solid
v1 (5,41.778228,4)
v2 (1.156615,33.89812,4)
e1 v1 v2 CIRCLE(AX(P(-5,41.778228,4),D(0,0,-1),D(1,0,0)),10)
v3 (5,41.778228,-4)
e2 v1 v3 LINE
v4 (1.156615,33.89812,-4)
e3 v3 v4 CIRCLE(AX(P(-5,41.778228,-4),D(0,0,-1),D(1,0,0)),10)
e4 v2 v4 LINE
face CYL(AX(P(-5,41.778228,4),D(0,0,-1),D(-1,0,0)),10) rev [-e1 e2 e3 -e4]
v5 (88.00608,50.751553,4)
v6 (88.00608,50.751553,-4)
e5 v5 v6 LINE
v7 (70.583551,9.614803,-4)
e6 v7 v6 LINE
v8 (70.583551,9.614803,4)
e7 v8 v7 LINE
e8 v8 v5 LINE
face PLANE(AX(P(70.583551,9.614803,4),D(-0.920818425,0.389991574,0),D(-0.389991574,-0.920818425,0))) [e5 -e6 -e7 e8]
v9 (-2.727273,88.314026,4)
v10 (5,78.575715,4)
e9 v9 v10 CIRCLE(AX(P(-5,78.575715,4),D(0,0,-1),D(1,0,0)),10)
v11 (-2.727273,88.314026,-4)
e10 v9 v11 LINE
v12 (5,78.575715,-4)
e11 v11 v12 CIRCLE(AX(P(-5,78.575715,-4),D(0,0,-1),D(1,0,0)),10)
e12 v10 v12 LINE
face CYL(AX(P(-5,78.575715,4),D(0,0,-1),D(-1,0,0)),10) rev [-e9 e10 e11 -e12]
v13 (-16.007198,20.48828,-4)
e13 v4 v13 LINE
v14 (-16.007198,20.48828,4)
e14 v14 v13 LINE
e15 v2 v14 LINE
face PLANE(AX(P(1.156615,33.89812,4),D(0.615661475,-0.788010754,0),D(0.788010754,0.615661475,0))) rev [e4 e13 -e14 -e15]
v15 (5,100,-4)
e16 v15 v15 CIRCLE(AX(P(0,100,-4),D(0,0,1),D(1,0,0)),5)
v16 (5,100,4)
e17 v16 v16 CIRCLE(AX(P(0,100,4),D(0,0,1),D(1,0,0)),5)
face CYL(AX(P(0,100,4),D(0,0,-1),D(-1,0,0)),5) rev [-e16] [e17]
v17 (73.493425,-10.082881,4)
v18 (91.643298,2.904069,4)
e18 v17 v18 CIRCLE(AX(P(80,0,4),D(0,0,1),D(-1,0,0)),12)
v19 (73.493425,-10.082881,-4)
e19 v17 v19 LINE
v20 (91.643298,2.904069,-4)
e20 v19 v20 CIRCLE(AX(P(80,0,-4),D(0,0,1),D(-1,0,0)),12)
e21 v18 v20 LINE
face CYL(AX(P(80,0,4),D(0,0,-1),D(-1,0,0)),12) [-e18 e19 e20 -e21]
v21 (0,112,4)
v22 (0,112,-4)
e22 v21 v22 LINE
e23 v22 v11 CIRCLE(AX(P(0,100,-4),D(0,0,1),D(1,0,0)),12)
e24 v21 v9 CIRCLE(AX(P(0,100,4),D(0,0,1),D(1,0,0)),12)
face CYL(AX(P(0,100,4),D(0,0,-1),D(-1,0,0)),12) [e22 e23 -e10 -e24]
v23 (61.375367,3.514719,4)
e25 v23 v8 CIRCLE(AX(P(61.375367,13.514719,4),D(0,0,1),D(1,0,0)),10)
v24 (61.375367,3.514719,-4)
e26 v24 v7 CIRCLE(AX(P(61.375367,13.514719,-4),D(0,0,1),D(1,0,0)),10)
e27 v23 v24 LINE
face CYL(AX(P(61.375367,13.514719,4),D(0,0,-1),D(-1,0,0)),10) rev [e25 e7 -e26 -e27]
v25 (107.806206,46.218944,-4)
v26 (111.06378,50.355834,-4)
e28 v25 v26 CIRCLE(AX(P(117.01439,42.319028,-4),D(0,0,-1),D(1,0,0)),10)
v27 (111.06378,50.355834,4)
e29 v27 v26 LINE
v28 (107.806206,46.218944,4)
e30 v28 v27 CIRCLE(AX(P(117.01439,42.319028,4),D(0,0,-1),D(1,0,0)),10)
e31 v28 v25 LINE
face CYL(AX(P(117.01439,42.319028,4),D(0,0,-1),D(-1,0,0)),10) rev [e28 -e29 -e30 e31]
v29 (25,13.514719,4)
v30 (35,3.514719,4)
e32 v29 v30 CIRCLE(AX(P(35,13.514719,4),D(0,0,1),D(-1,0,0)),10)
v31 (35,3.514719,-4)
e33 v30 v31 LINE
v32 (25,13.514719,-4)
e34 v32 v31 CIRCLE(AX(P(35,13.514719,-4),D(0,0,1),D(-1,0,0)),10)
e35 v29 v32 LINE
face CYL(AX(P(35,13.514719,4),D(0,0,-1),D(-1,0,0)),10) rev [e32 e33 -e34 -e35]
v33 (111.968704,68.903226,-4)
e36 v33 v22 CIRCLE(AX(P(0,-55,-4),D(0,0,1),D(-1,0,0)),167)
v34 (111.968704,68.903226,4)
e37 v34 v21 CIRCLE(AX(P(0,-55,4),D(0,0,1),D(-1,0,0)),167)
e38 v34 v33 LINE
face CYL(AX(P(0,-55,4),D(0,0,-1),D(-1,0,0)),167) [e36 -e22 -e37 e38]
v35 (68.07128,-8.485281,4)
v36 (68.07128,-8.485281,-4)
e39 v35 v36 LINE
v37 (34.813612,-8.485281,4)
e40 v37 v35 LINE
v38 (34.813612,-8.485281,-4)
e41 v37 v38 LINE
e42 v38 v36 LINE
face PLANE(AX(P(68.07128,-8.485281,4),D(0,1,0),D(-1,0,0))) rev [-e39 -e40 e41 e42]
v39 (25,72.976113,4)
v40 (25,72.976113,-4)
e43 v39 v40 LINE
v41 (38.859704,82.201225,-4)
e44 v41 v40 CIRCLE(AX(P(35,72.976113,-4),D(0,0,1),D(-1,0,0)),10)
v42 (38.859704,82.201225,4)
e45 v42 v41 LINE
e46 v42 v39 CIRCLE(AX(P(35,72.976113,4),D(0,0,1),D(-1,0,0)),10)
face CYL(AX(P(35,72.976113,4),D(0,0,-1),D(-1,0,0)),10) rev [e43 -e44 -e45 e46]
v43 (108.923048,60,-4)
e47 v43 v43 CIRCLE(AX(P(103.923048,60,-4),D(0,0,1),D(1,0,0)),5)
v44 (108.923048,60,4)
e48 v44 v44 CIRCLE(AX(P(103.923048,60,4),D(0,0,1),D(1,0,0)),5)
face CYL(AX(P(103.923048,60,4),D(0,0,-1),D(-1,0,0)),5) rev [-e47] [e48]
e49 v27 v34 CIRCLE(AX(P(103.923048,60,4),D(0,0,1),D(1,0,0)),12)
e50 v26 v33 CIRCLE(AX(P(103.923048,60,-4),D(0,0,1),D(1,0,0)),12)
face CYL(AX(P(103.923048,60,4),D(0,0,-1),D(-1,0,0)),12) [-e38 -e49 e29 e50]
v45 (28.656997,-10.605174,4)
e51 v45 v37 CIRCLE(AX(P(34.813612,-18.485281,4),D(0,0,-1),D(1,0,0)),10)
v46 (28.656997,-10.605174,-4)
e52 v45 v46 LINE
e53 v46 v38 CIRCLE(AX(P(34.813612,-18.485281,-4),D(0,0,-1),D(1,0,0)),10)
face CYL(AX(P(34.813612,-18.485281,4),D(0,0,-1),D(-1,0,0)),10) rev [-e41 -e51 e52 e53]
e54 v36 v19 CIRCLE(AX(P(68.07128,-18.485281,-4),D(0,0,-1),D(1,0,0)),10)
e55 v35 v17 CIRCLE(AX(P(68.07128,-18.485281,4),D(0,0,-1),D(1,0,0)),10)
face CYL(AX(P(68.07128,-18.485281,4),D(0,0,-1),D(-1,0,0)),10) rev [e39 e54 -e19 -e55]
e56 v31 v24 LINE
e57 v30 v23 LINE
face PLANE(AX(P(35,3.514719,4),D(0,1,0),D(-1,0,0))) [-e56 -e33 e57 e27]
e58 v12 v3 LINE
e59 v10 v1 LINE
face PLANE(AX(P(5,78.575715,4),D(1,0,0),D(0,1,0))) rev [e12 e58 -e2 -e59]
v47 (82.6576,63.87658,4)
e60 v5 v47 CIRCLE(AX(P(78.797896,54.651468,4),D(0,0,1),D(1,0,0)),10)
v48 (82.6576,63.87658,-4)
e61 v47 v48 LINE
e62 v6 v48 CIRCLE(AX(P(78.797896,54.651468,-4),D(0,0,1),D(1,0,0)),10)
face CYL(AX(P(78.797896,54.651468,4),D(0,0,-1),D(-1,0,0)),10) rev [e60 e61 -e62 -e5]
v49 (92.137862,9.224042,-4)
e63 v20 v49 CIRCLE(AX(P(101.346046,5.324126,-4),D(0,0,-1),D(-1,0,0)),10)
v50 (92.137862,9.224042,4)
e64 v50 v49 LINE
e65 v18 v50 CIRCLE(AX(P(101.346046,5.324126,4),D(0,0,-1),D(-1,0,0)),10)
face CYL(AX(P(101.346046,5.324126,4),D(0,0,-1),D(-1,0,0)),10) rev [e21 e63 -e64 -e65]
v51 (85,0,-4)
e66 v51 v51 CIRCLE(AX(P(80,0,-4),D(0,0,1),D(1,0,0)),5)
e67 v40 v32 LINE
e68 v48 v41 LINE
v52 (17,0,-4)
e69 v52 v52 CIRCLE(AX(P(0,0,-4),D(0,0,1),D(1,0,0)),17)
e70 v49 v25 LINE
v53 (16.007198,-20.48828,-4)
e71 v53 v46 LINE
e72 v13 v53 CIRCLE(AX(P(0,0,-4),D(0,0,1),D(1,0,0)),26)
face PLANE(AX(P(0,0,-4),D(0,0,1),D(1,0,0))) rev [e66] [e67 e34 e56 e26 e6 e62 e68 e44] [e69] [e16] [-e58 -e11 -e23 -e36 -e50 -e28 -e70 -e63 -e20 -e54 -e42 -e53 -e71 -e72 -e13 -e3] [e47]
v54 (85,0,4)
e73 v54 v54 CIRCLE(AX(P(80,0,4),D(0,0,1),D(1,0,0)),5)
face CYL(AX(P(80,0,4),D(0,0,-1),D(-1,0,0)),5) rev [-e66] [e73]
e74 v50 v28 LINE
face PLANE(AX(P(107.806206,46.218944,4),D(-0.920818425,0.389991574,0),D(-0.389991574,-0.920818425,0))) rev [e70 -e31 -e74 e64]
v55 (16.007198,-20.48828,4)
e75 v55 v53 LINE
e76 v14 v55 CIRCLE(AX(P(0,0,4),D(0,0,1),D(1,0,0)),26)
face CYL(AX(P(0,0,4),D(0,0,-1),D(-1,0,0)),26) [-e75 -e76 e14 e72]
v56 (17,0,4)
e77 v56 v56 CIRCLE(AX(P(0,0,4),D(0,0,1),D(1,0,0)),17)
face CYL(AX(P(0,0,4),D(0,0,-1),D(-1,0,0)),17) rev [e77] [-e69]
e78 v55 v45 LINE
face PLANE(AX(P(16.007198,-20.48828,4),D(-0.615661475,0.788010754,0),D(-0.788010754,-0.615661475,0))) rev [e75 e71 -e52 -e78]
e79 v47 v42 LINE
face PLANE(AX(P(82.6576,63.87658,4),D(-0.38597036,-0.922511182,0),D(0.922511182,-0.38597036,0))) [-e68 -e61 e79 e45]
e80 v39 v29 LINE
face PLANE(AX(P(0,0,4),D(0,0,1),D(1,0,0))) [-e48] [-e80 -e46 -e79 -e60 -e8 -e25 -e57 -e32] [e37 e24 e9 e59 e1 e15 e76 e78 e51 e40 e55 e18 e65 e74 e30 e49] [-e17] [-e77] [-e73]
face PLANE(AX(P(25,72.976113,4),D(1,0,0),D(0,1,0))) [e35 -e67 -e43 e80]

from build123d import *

# Parameters (mm, degrees)
SKETCH1_R           = 17
SKETCH1_R_2         = 5
BOSS_EXTRUDE1_DEPTH = 4


with BuildPart() as part:
    # Sketch1 → Boss-Extrude1 (new, symmetric)
    with BuildSketch(Plane.XY):
        with BuildLine():
            Line((5, 78.575714714), (5, 41.77822761))
            ThreePointArc((5, 41.77822761), (3.987940463, 37.394516142), (1.156614753, 33.898120074))
            Line((1.156614753, 33.898120074), (-16.007198358, 20.488279594))
            ThreePointArc((-16.007198358, 20.488279594), (-20.488279594, -16.007198358), (16.007198358, -20.488279594))
            Line((16.007198358, -20.488279594), (28.65699687, -10.605173838))
            ThreePointArc((28.65699687, -10.605173838), (31.557930079, -9.030095618), (34.813611624, -8.485281374))
            Line((34.813611624, -8.485281374), (68.071279511, -8.485281374))
            ThreePointArc((68.071279511, -8.485281374), (70.897583966, -8.892992642), (73.493425188, -10.08288075))
            ThreePointArc((73.493425188, -10.08288075), (86.982957468, -9.759011477), (91.643297853, 2.904068715))
            ThreePointArc((91.643297853, 2.904068715), (91.376524695, 6.104282152), (92.137861813, 9.224041719))
            Line((92.137861813, 9.224041719), (107.806206108, 46.218943848))
            ThreePointArc((107.806206108, 46.218943848), (109.157818303, 48.505648792), (111.063780403, 50.355833512))
            ThreePointArc((111.063780403, 50.355833512), (115.90879124, 59.4152181), (111.968703818, 68.903225806))
            ThreePointArc((111.968703818, 68.903225806), (59.988170877, 100.853839718), (0, 112))
            ThreePointArc((0, 112), (-11.921234951, 101.372646075), (-2.727272727, 88.314026208))
            ThreePointArc((-2.727272727, 88.314026208), (2.833494518, 84.791530319), (5, 78.575714714))
        make_face()
        Circle(SKETCH1_R, mode=Mode.SUBTRACT)
        with Locations((0, 100)):
            Circle(SKETCH1_R_2, mode=Mode.SUBTRACT)
        with Locations((80, 0)):
            Circle(SKETCH1_R_2, mode=Mode.SUBTRACT)
        with Locations((103.923048454, 60)):
            Circle(SKETCH1_R_2, mode=Mode.SUBTRACT)
        with BuildLine():
            Line((25, 72.976113171), (25, 13.514718626))
            ThreePointArc((25, 13.514718626), (27.928932188, 6.443650814), (35, 3.514718626))
            Line((35, 3.514718626), (61.375366857, 3.514718626))
            ThreePointArc((61.375366857, 3.514718626), (66.898085507, 5.178077893), (70.583551108, 9.614802884))
            Line((70.583551108, 9.614802884), (88.006080219, 50.7515527))
            ThreePointArc((88.006080219, 50.7515527), (88.058512057, 58.42519202), (82.657599567, 63.876580264))
            Line((82.657599567, 63.876580264), (38.8597036, 82.201224993))
            ThreePointArc((38.8597036, 82.201224993), (29.459108194, 81.300686313), (25, 72.976113171))
        make_face(mode=Mode.SUBTRACT)
    extrude(amount=BOSS_EXTRUDE1_DEPTH, both=True)


solid = part.part
